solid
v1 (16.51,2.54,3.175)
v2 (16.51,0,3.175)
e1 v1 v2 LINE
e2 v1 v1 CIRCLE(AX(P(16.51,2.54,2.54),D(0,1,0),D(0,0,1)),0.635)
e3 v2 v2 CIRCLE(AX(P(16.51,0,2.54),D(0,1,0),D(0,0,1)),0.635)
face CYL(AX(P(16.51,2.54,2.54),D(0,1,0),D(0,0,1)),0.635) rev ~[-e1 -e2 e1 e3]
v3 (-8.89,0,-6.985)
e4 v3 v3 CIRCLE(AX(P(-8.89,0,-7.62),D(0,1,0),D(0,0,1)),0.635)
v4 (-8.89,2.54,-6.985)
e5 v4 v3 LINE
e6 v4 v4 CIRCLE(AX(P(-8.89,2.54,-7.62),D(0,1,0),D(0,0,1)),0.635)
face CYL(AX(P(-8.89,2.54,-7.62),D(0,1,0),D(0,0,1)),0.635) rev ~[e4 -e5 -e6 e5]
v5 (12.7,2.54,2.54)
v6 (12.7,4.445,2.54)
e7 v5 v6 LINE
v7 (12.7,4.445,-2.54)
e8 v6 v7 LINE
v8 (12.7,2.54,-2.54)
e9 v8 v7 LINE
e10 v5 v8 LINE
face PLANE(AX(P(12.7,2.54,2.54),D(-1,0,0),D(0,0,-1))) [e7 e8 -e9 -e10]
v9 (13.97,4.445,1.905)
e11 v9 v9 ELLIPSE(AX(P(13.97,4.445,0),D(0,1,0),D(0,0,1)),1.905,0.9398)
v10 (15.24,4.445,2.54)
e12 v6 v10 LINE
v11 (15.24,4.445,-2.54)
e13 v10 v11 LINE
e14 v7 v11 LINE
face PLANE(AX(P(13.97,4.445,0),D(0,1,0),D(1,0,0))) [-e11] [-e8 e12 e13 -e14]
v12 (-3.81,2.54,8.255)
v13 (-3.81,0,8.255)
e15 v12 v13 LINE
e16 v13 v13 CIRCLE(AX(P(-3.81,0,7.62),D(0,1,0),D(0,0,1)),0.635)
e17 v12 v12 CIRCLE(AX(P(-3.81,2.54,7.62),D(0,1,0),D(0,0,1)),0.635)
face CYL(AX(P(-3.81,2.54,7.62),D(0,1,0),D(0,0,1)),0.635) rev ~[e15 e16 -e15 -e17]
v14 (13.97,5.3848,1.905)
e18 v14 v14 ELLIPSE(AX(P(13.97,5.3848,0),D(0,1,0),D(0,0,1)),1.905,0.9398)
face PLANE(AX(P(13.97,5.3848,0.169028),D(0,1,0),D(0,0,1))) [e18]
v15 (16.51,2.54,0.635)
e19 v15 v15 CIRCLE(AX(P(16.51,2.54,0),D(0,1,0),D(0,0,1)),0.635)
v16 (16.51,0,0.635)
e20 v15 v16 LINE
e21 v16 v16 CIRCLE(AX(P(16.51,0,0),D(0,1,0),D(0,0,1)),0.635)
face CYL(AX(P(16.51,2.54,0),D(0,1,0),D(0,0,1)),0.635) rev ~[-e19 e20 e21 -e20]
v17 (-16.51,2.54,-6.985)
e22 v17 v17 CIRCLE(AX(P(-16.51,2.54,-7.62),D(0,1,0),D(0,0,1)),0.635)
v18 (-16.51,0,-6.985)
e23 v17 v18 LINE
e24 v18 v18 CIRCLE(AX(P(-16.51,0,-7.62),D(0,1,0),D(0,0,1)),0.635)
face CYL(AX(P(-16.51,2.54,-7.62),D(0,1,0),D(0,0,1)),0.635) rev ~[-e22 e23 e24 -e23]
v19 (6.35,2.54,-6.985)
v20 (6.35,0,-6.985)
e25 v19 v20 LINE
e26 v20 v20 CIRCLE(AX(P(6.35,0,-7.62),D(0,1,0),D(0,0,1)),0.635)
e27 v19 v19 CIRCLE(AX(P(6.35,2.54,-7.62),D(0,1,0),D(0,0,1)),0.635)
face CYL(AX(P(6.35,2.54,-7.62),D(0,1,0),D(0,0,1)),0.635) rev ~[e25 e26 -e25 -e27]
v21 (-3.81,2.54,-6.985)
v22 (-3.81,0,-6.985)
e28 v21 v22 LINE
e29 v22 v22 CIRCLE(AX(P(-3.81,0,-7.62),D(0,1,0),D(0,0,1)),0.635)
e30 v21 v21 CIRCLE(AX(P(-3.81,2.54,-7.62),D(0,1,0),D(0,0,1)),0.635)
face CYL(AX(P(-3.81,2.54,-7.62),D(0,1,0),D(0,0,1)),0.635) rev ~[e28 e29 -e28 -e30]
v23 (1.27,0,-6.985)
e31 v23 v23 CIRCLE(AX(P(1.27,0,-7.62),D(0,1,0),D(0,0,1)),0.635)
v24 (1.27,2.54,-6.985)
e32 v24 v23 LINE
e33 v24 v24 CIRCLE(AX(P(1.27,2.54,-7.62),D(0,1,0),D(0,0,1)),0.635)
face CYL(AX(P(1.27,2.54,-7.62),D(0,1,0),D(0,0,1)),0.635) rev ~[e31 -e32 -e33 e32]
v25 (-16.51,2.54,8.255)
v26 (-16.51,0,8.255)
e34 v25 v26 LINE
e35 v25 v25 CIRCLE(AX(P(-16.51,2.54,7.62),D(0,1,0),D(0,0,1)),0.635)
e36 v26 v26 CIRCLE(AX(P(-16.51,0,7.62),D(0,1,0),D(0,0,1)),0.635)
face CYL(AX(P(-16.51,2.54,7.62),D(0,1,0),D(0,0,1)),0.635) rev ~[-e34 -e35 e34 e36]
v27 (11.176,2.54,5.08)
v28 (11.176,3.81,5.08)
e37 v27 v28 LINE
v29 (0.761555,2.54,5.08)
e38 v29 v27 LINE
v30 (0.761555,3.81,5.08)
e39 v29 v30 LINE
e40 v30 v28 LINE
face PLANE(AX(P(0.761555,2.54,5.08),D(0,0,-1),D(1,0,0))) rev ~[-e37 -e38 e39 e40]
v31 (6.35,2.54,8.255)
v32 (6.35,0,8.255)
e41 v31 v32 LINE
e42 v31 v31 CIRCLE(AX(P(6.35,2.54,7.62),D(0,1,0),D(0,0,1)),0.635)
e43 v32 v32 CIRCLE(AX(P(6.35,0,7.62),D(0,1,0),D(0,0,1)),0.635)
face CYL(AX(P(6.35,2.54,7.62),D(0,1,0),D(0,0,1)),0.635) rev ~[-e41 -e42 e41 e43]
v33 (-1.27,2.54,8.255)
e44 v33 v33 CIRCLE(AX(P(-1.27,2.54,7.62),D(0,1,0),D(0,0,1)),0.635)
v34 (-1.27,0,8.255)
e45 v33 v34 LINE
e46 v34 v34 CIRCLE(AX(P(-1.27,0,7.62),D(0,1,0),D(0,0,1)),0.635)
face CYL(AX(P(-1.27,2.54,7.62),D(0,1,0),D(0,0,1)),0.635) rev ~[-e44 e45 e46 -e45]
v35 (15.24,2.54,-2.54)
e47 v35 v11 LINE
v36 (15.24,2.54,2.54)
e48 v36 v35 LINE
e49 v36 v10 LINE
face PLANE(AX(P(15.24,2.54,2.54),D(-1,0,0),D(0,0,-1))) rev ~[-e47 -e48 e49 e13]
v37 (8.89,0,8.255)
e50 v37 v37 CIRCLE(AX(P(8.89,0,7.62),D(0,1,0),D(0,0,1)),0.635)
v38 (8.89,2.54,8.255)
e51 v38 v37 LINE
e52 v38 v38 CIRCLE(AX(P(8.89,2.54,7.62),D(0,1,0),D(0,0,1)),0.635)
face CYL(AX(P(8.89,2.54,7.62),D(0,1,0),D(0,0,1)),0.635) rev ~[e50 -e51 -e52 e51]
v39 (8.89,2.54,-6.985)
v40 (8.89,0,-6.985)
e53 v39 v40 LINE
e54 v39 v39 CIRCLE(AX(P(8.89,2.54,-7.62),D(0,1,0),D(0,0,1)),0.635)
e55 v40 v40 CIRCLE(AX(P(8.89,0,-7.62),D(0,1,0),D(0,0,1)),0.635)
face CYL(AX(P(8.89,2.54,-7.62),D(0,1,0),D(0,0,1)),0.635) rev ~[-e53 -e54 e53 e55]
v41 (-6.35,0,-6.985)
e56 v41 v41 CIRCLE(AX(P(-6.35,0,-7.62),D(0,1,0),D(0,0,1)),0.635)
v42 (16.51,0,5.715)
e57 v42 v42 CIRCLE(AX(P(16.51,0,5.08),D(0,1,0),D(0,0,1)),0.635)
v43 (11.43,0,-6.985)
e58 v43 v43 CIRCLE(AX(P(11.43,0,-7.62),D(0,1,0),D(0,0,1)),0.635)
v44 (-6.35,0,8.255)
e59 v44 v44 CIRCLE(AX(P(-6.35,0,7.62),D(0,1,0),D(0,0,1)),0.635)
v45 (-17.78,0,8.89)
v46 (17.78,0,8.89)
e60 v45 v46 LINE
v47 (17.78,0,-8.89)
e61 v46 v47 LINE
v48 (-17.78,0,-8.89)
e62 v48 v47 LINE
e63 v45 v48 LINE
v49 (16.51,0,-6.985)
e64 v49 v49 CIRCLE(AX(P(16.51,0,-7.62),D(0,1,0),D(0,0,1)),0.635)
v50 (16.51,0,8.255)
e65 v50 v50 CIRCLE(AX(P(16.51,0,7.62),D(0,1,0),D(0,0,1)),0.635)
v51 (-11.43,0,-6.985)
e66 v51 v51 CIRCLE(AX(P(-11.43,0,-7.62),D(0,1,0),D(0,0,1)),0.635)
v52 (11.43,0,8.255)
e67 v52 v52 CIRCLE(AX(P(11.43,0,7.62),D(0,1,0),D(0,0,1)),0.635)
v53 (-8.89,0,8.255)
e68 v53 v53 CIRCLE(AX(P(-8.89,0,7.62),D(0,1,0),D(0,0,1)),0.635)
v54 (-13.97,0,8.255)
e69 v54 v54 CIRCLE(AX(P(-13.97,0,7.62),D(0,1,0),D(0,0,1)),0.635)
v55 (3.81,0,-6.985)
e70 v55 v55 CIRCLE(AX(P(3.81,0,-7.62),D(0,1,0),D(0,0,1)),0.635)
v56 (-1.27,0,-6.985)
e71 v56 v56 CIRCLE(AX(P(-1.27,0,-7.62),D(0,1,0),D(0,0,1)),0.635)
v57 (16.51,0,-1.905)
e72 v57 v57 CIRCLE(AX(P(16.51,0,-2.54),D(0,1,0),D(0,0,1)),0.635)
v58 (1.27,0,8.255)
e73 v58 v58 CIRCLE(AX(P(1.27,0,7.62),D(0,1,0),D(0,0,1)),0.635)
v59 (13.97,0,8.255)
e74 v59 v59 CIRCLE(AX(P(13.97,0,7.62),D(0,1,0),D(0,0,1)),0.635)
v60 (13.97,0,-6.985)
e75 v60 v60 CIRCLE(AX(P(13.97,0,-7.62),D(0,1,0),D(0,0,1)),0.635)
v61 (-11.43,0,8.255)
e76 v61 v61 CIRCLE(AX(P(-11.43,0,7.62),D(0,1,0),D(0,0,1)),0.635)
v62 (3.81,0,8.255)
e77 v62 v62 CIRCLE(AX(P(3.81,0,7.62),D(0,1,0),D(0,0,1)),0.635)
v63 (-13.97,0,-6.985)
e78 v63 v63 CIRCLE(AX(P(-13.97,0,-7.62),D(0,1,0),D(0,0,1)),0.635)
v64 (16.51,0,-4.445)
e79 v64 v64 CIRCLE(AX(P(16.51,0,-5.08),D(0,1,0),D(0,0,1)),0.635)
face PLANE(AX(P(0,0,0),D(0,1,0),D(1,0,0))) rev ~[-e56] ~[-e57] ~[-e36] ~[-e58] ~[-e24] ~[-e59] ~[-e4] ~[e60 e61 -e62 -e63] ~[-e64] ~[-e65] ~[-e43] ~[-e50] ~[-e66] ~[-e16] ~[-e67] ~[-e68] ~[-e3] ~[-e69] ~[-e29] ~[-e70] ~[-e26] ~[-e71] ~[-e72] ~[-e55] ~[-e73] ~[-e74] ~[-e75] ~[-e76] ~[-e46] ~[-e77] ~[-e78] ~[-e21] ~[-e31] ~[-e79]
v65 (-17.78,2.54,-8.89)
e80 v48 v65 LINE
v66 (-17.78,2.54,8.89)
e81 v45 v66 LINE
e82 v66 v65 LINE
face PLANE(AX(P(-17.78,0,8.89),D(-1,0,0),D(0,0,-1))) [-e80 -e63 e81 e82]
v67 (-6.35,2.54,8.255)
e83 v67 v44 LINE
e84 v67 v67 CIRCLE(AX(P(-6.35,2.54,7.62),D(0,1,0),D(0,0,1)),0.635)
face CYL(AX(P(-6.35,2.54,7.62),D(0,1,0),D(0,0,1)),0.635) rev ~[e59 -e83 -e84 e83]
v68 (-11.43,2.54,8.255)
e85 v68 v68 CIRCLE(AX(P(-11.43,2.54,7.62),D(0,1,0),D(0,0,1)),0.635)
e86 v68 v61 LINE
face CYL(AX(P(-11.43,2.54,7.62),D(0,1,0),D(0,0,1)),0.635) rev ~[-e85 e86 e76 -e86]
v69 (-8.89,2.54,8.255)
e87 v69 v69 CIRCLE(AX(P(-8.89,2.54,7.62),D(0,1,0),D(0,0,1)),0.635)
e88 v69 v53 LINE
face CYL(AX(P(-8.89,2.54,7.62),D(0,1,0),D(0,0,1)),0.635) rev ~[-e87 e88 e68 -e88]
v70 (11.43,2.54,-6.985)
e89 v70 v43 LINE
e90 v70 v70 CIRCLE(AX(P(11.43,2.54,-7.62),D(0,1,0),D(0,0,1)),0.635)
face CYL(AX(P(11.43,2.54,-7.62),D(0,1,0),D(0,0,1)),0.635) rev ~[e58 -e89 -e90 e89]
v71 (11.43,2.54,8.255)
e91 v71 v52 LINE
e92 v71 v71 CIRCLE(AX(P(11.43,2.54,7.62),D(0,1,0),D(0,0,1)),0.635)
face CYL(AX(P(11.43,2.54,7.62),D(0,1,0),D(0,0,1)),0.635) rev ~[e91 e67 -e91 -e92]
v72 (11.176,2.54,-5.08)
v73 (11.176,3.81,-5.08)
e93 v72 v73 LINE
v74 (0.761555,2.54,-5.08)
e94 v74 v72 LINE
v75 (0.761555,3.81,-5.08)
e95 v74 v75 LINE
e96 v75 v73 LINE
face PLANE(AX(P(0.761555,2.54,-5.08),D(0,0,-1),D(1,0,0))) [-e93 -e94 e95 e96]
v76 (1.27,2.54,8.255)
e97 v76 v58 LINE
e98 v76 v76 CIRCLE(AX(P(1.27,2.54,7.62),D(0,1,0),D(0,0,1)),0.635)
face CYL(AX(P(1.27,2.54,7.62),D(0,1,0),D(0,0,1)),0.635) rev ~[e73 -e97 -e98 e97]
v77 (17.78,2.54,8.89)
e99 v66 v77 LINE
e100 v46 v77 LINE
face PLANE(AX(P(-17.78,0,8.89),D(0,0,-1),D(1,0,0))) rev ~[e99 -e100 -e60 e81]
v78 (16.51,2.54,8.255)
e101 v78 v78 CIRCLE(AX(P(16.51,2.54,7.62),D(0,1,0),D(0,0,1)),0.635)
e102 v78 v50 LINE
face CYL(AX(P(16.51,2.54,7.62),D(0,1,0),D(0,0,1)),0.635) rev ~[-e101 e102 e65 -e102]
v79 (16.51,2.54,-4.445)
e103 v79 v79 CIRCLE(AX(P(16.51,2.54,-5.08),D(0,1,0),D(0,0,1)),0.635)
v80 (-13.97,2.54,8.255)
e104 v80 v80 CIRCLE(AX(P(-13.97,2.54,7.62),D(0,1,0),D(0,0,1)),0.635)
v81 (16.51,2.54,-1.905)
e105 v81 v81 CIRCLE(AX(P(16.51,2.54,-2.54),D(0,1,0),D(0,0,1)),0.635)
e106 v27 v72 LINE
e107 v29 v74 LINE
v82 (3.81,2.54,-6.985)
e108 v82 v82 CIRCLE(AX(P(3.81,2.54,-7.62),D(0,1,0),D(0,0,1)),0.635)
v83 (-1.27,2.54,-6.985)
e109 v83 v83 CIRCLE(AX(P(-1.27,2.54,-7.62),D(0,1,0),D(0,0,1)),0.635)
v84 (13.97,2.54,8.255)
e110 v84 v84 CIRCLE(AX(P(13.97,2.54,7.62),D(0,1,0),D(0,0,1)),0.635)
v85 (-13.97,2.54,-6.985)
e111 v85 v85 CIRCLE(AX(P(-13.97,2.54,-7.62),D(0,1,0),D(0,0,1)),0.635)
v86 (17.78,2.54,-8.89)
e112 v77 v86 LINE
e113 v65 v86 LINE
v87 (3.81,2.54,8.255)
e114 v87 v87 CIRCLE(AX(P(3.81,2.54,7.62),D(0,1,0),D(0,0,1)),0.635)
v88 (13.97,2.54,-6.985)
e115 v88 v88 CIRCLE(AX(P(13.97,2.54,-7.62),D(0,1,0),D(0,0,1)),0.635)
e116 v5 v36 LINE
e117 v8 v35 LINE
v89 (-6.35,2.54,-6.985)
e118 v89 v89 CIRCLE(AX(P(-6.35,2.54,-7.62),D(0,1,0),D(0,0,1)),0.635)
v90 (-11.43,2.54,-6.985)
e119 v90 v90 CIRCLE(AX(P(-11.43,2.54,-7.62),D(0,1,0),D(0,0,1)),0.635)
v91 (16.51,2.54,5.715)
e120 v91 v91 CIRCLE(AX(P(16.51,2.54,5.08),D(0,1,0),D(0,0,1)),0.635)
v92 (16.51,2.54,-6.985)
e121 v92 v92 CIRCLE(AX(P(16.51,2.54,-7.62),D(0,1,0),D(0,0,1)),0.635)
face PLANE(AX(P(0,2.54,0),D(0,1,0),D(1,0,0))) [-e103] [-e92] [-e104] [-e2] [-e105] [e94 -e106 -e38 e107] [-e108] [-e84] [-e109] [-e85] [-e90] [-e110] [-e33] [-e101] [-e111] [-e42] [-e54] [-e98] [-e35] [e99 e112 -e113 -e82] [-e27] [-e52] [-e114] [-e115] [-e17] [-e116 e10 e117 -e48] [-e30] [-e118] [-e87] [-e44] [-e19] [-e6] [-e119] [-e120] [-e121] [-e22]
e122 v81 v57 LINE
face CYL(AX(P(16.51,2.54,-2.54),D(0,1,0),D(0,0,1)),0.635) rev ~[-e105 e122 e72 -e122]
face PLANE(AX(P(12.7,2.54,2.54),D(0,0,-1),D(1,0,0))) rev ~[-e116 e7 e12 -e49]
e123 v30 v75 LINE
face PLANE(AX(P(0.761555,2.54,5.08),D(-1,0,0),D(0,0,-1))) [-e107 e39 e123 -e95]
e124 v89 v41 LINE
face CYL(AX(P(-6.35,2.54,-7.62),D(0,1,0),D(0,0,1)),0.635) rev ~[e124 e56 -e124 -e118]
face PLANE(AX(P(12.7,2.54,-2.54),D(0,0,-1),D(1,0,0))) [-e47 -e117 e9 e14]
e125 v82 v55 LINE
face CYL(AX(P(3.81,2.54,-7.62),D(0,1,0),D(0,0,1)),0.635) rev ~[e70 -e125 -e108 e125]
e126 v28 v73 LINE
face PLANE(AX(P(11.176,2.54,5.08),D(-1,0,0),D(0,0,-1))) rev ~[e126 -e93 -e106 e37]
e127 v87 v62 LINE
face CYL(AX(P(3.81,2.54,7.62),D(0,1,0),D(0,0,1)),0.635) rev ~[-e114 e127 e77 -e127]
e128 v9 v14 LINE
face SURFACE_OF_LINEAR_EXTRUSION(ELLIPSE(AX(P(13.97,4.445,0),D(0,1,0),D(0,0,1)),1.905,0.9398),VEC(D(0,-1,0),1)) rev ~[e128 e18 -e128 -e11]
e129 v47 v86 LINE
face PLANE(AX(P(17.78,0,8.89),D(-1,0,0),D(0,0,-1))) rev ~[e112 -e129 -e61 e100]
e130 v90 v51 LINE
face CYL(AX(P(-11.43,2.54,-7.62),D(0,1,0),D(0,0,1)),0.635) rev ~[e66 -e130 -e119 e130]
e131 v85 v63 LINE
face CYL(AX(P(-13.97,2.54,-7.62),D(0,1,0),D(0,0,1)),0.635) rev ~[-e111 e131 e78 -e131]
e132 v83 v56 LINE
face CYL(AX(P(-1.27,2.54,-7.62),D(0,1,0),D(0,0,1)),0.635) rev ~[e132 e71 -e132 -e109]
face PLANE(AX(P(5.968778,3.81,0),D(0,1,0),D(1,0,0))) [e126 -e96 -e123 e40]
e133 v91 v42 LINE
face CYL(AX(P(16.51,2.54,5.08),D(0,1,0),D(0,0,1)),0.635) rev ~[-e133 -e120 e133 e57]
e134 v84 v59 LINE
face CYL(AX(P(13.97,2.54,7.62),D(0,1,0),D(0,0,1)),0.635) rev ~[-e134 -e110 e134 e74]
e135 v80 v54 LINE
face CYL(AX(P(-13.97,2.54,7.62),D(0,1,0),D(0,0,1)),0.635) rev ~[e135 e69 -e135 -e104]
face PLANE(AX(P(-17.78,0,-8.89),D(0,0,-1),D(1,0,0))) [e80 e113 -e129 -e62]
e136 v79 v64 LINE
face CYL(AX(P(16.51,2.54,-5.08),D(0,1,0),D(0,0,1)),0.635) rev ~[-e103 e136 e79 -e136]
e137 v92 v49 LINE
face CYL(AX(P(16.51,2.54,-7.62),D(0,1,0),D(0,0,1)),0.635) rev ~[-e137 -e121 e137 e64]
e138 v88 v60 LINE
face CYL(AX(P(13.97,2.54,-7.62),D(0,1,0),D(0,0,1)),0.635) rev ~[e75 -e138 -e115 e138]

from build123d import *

# Parameters (mm, degrees)
SKETCH1_W           = 35.56
SKETCH1_H           = 17.78
BOSS_EXTRUDE1_DEPTH = 2.54
SKETCH2_R           = 0.635
CUT_EXTRUDE1_DEPTH  = 2.54
SKETCH3_W           = 2.54
SKETCH3_H           = 5.08
BOSS_EXTRUDE2_DEPTH = 1.905
SKETCH4_RX          = 1.905
SKETCH4_RY          = 0.9398
BOSS_EXTRUDE3_DEPTH = 0.9398
SKETCH5_W           = 10.414444886
SKETCH5_H           = 10.16
BOSS_EXTRUDE4_DEPTH = 1.27


with BuildPart() as part:
    # Sketch1 → Boss-Extrude1 (new body)
    with BuildSketch(Plane(origin=(0, 0, 0), x_dir=(1, 0, 0), z_dir=(0, 1, 0))):
        Rectangle(SKETCH1_W, SKETCH1_H)
    extrude(amount=BOSS_EXTRUDE1_DEPTH)

    # Sketch2 → Cut-Extrude1 (cut)
    with BuildSketch(Plane(origin=(0, 2.54, 0), x_dir=(1, 0, 0), z_dir=(0, 1, 0))):
        with Locations(Location((-16.51, 7.62, 0), (0, 0, 270))):
            Circle(SKETCH2_R)
        with Locations(Location((-16.51, -7.62, 0), (0, 0, 270))):
            Circle(SKETCH2_R)
        with Locations(Location((-13.97, 7.62, 0), (0, 0, 270))):
            Circle(SKETCH2_R)
        with Locations(Location((-13.97, -7.62, 0), (0, 0, 270))):
            Circle(SKETCH2_R)
        with Locations(Location((-11.43, 7.62, 0), (0, 0, 270))):
            Circle(SKETCH2_R)
        with Locations(Location((-11.43, -7.62, 0), (0, 0, 270))):
            Circle(SKETCH2_R)
        with Locations(Location((-8.89, 7.62, 0), (0, 0, 270))):
            Circle(SKETCH2_R)
        with Locations(Location((-8.89, -7.62, 0), (0, 0, 270))):
            Circle(SKETCH2_R)
        with Locations(Location((-6.35, 7.62, 0), (0, 0, 270))):
            Circle(SKETCH2_R)
        with Locations(Location((-6.35, -7.62, 0), (0, 0, 270))):
            Circle(SKETCH2_R)
        with Locations(Location((-3.81, 7.62, 0), (0, 0, 270))):
            Circle(SKETCH2_R)
        with Locations(Location((-3.81, -7.62, 0), (0, 0, 270))):
            Circle(SKETCH2_R)
        with Locations(Location((-1.27, 7.62, 0), (0, 0, 270))):
            Circle(SKETCH2_R)
        with Locations(Location((-1.27, -7.62, 0), (0, 0, 270))):
            Circle(SKETCH2_R)
        with Locations(Location((1.27, 7.62, 0), (0, 0, 270))):
            Circle(SKETCH2_R)
        with Locations(Location((1.27, -7.62, 0), (0, 0, 270))):
            Circle(SKETCH2_R)
        with Locations(Location((3.81, 7.62, 0), (0, 0, 270))):
            Circle(SKETCH2_R)
        with Locations(Location((3.81, -7.62, 0), (0, 0, 270))):
            Circle(SKETCH2_R)
        with Locations(Location((6.35, 7.62, 0), (0, 0, 270))):
            Circle(SKETCH2_R)
        with Locations(Location((6.35, -7.62, 0), (0, 0, 270))):
            Circle(SKETCH2_R)
        with Locations(Location((8.89, 7.62, 0), (0, 0, 270))):
            Circle(SKETCH2_R)
        with Locations(Location((8.89, -7.62, 0), (0, 0, 270))):
            Circle(SKETCH2_R)
        with Locations(Location((11.43, 7.62, 0), (0, 0, 270))):
            Circle(SKETCH2_R)
        with Locations(Location((11.43, -7.62, 0), (0, 0, 270))):
            Circle(SKETCH2_R)
        with Locations(Location((13.97, 7.62, 0), (0, 0, 270))):
            Circle(SKETCH2_R)
        with Locations(Location((13.97, -7.62, 0), (0, 0, 270))):
            Circle(SKETCH2_R)
        with Locations(Location((16.51, 7.62, 0), (0, 0, 270))):
            Circle(SKETCH2_R)
        with Locations(Location((16.51, -7.62, 0), (0, 0, 270))):
            Circle(SKETCH2_R)
        with Locations(Location((16.51, 5.08, 0), (0, 0, 270))):
            Circle(SKETCH2_R)
        with Locations(Location((16.51, 2.54, 0), (0, 0, 270))):
            Circle(SKETCH2_R)
        with Locations(Location((16.51, 0, 0), (0, 0, 270))):
            Circle(SKETCH2_R)
        with Locations(Location((16.51, -2.54, 0), (0, 0, 270))):
            Circle(SKETCH2_R)
        with Locations(Location((16.51, -5.08, 0), (0, 0, 270))):
            Circle(SKETCH2_R)
    extrude(amount=-CUT_EXTRUDE1_DEPTH, mode=Mode.SUBTRACT)

    # Sketch3 → Boss-Extrude2 (add)
    with BuildSketch(Plane(origin=(0, 2.54, 0), x_dir=(1, 0, 0), z_dir=(0, 1, 0))):
        with Locations((13.97, 0)):
            Rectangle(SKETCH3_W, SKETCH3_H)
    extrude(amount=BOSS_EXTRUDE2_DEPTH)

    # Sketch4 → Boss-Extrude3 (add)
    with BuildSketch(Plane(origin=(0, 4.445, 0), x_dir=(1, 0, 0), z_dir=(0, 1, 0))):
        with Locations(Location((13.97, 0), (0, 0, -90))):
            Ellipse(SKETCH4_RX, SKETCH4_RY)
    extrude(amount=BOSS_EXTRUDE3_DEPTH)

    # Sketch5 → Boss-Extrude4 (add)
    with BuildSketch(Plane(origin=(0, 2.54, 0), x_dir=(1, 0, 0), z_dir=(0, 1, 0))):
        with Locations((5.968777557, 0)):
            Rectangle(SKETCH5_W, SKETCH5_H)
    extrude(amount=BOSS_EXTRUDE4_DEPTH)


solid = part.part
